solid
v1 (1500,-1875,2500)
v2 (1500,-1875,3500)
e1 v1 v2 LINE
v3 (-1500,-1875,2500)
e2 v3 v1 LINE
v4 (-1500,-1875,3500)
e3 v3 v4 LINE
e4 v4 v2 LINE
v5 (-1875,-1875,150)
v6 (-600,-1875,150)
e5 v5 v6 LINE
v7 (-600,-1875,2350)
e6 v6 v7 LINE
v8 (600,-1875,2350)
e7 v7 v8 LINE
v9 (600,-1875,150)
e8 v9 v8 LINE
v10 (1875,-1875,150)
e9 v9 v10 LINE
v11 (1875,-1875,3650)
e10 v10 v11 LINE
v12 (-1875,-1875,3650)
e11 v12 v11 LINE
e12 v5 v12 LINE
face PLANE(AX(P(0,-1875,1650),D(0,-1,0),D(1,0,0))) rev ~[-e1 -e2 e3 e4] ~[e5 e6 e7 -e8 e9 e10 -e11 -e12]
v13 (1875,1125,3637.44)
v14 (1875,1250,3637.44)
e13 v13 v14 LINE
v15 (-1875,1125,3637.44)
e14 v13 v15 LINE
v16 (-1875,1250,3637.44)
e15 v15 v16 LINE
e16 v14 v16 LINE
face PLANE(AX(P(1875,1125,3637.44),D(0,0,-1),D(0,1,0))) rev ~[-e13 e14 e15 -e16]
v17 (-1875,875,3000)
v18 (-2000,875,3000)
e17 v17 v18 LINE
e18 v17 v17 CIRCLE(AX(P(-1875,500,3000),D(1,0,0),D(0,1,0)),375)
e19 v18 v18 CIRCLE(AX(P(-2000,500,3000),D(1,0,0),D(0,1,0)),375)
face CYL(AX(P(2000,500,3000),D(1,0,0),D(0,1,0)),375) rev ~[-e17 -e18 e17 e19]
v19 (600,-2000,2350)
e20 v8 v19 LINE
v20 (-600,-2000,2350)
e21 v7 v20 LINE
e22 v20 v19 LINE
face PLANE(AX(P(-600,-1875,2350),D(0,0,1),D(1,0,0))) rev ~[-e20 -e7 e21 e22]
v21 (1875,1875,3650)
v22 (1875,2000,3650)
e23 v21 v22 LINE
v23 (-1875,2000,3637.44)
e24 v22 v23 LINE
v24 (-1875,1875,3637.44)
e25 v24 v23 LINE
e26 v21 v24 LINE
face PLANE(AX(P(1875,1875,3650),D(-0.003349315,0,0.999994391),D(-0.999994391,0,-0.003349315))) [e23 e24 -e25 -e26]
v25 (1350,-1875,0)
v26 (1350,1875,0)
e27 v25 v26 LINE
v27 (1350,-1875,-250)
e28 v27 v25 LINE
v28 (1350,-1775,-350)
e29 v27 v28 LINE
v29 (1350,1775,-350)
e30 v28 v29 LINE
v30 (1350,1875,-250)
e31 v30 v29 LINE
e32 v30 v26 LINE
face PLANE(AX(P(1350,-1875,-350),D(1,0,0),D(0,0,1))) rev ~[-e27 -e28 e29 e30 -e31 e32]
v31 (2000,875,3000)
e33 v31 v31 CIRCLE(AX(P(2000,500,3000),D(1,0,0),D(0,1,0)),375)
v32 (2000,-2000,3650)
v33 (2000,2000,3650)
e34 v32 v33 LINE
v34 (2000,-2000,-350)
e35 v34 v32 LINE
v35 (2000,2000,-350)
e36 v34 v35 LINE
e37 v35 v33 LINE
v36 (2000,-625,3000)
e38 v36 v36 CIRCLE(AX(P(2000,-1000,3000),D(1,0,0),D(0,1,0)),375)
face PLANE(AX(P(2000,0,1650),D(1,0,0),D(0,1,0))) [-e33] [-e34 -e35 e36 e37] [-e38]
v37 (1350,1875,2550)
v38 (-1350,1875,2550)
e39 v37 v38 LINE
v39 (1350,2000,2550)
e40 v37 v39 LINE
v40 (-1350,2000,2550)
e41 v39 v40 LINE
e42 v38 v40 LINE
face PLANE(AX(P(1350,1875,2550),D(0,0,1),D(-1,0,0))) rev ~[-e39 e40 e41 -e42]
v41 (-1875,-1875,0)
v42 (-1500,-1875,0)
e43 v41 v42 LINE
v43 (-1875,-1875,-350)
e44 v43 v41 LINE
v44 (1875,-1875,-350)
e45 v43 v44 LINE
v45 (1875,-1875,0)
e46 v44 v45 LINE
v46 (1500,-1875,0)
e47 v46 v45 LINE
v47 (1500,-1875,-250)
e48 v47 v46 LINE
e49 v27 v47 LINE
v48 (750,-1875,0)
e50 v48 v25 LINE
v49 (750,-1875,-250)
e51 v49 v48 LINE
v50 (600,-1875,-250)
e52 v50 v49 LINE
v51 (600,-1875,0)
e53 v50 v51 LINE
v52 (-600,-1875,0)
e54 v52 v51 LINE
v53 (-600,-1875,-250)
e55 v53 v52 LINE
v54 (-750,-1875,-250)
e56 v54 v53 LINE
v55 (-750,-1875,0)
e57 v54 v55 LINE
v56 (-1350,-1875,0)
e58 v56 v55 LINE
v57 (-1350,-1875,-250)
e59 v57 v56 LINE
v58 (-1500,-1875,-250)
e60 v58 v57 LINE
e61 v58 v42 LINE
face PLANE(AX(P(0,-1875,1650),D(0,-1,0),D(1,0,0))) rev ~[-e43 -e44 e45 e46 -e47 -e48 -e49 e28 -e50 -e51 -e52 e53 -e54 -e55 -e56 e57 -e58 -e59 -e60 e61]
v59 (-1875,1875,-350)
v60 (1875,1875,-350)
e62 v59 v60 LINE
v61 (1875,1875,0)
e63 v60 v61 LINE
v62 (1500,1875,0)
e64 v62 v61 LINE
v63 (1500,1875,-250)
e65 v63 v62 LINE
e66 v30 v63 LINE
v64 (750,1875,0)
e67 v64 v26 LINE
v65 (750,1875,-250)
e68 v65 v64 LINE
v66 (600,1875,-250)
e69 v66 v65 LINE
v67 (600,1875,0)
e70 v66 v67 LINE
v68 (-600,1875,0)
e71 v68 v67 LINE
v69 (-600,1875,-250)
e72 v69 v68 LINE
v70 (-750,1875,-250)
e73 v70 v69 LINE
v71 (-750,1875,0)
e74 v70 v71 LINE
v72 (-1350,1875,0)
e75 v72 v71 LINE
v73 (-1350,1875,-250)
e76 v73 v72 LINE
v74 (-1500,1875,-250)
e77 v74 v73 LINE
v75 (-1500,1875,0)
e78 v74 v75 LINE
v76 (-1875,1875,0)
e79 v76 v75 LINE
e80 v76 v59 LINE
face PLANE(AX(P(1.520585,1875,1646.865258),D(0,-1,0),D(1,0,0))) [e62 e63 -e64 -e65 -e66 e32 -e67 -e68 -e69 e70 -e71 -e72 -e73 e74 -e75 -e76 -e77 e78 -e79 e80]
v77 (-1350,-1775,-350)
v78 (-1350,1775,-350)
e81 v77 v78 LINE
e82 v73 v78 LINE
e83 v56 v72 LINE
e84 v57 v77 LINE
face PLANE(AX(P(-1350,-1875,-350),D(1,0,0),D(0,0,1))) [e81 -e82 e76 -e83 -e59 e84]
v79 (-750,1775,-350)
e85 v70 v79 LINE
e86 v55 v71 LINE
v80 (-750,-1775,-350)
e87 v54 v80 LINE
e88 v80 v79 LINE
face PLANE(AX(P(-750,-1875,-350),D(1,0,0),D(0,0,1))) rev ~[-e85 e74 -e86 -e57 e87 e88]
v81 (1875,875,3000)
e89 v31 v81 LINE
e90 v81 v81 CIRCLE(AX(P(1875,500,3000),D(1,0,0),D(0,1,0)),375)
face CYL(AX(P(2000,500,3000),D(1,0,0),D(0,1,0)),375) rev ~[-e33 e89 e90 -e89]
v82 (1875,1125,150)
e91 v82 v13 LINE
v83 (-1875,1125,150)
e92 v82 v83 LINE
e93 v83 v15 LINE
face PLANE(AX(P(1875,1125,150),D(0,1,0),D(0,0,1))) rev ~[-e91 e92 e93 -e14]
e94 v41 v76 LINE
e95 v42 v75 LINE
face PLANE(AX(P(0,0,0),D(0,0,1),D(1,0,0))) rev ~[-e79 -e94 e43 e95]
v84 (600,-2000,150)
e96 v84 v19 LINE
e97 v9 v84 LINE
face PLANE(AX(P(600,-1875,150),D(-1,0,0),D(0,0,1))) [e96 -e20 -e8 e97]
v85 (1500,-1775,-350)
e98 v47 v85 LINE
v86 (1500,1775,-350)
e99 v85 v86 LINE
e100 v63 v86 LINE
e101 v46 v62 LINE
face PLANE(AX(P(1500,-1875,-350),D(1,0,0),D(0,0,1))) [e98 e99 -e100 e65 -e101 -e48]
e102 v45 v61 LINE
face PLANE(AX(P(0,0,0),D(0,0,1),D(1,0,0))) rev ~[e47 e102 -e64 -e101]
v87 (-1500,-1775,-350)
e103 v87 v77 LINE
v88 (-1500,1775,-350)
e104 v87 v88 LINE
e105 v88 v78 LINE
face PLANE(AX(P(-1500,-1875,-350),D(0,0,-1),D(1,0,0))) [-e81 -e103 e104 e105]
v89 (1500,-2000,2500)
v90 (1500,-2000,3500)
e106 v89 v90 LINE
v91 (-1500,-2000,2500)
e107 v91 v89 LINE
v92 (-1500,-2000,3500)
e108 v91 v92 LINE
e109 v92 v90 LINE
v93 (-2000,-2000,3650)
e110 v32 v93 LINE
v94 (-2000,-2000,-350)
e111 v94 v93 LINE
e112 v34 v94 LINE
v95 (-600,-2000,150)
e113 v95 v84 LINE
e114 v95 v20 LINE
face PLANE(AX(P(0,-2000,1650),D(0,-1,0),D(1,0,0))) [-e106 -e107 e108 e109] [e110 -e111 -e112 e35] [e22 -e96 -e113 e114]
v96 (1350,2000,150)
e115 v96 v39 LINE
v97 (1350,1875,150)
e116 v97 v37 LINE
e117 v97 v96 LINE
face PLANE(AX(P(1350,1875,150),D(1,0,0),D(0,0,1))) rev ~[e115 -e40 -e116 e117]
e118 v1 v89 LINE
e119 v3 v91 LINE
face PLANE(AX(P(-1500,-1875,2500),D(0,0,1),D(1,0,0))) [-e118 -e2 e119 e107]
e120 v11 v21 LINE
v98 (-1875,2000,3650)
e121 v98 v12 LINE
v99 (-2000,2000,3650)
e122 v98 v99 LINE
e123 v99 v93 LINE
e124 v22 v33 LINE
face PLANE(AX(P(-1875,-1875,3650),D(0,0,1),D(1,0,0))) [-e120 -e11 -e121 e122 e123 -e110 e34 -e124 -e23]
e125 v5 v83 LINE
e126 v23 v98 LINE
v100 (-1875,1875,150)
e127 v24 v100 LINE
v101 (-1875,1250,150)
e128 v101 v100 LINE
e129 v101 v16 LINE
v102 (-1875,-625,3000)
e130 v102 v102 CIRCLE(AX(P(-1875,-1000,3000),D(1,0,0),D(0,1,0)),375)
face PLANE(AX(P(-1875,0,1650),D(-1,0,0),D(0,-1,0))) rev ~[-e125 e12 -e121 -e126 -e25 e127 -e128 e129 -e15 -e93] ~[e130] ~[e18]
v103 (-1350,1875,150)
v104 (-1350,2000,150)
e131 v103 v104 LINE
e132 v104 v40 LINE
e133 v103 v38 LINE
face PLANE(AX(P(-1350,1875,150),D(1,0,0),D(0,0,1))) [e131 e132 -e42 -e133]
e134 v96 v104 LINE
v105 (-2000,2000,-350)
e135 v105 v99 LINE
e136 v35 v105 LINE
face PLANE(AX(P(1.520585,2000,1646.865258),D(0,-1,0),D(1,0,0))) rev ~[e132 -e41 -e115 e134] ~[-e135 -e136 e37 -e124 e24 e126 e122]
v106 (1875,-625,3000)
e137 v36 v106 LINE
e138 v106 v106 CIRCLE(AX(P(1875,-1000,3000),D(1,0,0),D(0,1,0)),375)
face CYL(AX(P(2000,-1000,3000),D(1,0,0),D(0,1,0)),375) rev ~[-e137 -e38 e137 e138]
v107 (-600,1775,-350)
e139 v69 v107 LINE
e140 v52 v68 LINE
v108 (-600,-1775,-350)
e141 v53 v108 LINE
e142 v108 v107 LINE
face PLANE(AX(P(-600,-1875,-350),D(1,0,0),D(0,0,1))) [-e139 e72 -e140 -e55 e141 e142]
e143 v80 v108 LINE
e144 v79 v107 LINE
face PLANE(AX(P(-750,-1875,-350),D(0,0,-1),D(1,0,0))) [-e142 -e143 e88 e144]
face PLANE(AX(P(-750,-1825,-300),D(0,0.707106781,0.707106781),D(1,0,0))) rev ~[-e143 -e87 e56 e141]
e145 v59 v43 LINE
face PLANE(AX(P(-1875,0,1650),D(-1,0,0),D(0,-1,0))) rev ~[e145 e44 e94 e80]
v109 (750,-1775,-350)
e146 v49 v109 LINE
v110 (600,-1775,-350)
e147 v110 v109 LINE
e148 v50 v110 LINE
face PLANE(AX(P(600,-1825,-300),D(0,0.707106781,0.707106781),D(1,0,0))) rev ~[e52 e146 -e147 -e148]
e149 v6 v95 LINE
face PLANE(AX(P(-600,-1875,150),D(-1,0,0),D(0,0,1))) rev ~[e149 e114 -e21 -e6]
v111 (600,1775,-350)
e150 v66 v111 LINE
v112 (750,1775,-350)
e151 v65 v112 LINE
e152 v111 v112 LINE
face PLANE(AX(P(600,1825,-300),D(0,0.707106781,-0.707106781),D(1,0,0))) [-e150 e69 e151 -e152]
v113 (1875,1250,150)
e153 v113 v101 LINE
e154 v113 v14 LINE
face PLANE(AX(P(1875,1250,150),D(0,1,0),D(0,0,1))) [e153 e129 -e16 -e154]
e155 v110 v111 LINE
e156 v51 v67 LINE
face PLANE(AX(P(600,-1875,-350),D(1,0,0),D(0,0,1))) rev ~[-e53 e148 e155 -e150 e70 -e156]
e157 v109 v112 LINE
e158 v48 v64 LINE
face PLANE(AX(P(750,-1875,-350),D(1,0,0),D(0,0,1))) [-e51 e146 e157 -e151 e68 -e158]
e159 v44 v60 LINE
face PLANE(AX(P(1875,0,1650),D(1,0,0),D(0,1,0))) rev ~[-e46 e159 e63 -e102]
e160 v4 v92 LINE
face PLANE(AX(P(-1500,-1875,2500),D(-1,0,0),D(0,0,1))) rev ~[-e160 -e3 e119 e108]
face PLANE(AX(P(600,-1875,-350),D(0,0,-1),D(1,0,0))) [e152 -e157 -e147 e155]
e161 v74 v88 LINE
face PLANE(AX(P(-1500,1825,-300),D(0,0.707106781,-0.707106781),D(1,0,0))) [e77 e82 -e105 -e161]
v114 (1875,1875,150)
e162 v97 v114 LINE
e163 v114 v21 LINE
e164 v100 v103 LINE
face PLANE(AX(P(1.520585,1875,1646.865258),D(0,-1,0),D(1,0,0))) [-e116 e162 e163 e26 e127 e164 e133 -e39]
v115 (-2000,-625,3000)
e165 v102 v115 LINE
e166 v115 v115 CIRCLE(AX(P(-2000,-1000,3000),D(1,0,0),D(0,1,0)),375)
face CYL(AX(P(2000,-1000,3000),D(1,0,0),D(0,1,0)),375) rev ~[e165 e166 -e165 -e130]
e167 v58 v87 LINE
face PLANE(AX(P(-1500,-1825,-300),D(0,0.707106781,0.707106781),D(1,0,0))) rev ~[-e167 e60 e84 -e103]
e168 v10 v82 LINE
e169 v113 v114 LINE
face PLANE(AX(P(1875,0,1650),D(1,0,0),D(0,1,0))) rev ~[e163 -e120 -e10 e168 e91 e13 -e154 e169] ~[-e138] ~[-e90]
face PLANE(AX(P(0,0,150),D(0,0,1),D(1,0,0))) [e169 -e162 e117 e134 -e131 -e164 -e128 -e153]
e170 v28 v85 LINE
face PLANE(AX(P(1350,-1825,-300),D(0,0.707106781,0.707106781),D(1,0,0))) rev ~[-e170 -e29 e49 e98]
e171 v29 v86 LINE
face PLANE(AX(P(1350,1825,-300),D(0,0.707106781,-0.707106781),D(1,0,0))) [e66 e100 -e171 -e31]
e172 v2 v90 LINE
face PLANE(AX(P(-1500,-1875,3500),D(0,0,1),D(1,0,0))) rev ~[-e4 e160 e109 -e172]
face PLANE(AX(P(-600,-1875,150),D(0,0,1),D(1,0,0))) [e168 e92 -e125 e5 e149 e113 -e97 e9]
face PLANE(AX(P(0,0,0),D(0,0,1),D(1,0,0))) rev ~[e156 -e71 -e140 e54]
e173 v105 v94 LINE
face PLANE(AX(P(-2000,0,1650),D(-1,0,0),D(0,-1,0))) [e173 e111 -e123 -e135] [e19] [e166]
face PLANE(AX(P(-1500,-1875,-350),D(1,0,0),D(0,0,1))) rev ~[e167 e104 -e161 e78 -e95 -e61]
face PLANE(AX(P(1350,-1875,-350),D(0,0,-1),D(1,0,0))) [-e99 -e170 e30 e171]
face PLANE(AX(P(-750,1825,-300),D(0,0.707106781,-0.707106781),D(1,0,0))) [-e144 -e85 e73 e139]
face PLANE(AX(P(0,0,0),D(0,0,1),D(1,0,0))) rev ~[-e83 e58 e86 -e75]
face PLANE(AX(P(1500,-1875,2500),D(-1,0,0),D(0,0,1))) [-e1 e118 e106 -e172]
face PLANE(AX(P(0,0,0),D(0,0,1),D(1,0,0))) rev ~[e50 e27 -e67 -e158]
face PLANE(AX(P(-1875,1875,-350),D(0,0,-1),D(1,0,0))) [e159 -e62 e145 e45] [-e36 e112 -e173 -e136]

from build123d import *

# Parameters (mm, degrees)
SKETCH_W        = 3750
SKETCH_H        = 3750
PAD_DEPTH       = 150
SKETCH001_W     = 150
SKETCH001_H     = 350
PAD001_DEPTH    = 3750
CHAMFER_SIZE    = 100
SKETCH002_W     = 4000
SKETCH002_H     = 4000
PAD002_DEPTH    = 125
SKETCH003_W     = 125
SKETCH003_H     = 3487.44
PAD003_DEPTH    = 3750
SKETCH004_W     = 4000
SKETCH004_H     = 4000
PAD004_DEPTH    = 125
SKETCH005_W     = 3750
SKETCH005_H     = 4000
SKETCH005_W_2   = 1200
SKETCH005_H_2   = 2200
SKETCH005_W_3   = 3000
SKETCH005_H_3   = 1000
PAD005_DEPTH    = 125
SKETCH006_W     = 2700
SKETCH006_H     = 2400
PAD006_DEPTH    = 125
SKETCH008_W     = 297.762541
SKETCH008_H     = 158.48645
POCKET_DEPTH    = 5
SKETCH009_R     = 375
POCKET001_DEPTH = 4000.001


with BuildPart() as part:
    # Sketch → Pad (new body)
    with BuildSketch(Plane.XY):
        Rectangle(SKETCH_W, SKETCH_H)
    extrude(amount=PAD_DEPTH)

    # Sketch001 (on Face3 of Pad) → Pad001 (join)
    with BuildSketch(Plane.XZ.offset(1875)):
        with Locations((-1425, -175)):
            Rectangle(SKETCH001_W, SKETCH001_H)
        with Locations((-675, -175)):
            Rectangle(SKETCH001_W, SKETCH001_H)
        with Locations((675, -175)):
            Rectangle(SKETCH001_W, SKETCH001_H)
        with Locations((1425, -175)):
            Rectangle(SKETCH001_W, SKETCH001_H)
    extrude(amount=-PAD001_DEPTH)

    # Chamfer
    chamfer_edges = [part.edges().sort_by_distance(p)[0] for p in [
        (-1425, -1875, -350),
        (-675, -1875, -350),
        (675, -1875, -350),
        (1425, -1875, -350),
        (1425, 1875, -350),
        (675, 1875, -350),
        (-675, 1875, -350),
        (-1425, 1875, -350),
    ]]
    chamfer(chamfer_edges, length=CHAMFER_SIZE)

    # Sketch002 (on Face10 of Chamfer) → Pad002 (join)
    with BuildSketch(Plane(origin=(-1875, 0, 0), x_dir=(0, -1, 0), z_dir=(-1, 0, 0))):
        with Locations((0, 1650)):
            Rectangle(SKETCH002_W, SKETCH002_H)
    extrude(amount=PAD002_DEPTH)

    # Sketch003 (on Face12 of Pad002) → Pad003 (join)
    with BuildSketch(Plane.YZ.offset(1875)):
        with Locations((1187.5, 1893.72)):
            Rectangle(SKETCH003_W, SKETCH003_H)
    extrude(amount=-PAD003_DEPTH)

    # Sketch004 (on Face15 of Pad003) → Pad004 (join)
    with BuildSketch(Plane.YZ.offset(1875)):
        with Locations((0, 1650)):
            Rectangle(SKETCH004_W, SKETCH004_H)
    extrude(amount=PAD004_DEPTH)

    # Sketch005 (on Face7 of Pad004) → Pad005 (join)
    with BuildSketch(Plane.XZ.offset(1875)):
        with Locations((0, 1650)):
            Rectangle(SKETCH005_W, SKETCH005_H)
        with Locations((0, 1250)):
            Rectangle(SKETCH005_W_2, SKETCH005_H_2, mode=Mode.SUBTRACT)
        with Locations((0, 3000)):
            Rectangle(SKETCH005_W_3, SKETCH005_H_3, mode=Mode.SUBTRACT)
    extrude(amount=PAD005_DEPTH)

    # Sketch006 (on Face16 of Pad005) → Pad006 (join)
    with BuildSketch(Plane(origin=(0, 1875, 0), x_dir=(-1, 0, 0), z_dir=(0, 1, 0))):
        Polygon((-1875, 3650), (1875, 3637.44), (1875, -350), (-1875, -350), align=None)
        with Locations((0, 1350)):
            Rectangle(SKETCH006_W, SKETCH006_H, mode=Mode.SUBTRACT)
    extrude(amount=PAD006_DEPTH)

    # Sketch008 → Pocket (cut)
    with BuildSketch(Plane(origin=(0, 1850, 0), x_dir=(-1, 0, 0), z_dir=(0, 1, 0))):
        with Locations((534.822146, 1582.312195)):
            Rectangle(SKETCH008_W, SKETCH008_H)
    extrude(amount=-POCKET_DEPTH, mode=Mode.SUBTRACT)

    # Sketch009 (on Face7 of Pad006) → Pocket001 (cut, through all)
    with BuildSketch(Plane.YZ.offset(2000)):
        with Locations((-1000, 3000)):
            Circle(SKETCH009_R)
        with Locations((500, 3000)):
            Circle(SKETCH009_R)
    extrude(amount=-POCKET001_DEPTH, mode=Mode.SUBTRACT)


solid = part.part
